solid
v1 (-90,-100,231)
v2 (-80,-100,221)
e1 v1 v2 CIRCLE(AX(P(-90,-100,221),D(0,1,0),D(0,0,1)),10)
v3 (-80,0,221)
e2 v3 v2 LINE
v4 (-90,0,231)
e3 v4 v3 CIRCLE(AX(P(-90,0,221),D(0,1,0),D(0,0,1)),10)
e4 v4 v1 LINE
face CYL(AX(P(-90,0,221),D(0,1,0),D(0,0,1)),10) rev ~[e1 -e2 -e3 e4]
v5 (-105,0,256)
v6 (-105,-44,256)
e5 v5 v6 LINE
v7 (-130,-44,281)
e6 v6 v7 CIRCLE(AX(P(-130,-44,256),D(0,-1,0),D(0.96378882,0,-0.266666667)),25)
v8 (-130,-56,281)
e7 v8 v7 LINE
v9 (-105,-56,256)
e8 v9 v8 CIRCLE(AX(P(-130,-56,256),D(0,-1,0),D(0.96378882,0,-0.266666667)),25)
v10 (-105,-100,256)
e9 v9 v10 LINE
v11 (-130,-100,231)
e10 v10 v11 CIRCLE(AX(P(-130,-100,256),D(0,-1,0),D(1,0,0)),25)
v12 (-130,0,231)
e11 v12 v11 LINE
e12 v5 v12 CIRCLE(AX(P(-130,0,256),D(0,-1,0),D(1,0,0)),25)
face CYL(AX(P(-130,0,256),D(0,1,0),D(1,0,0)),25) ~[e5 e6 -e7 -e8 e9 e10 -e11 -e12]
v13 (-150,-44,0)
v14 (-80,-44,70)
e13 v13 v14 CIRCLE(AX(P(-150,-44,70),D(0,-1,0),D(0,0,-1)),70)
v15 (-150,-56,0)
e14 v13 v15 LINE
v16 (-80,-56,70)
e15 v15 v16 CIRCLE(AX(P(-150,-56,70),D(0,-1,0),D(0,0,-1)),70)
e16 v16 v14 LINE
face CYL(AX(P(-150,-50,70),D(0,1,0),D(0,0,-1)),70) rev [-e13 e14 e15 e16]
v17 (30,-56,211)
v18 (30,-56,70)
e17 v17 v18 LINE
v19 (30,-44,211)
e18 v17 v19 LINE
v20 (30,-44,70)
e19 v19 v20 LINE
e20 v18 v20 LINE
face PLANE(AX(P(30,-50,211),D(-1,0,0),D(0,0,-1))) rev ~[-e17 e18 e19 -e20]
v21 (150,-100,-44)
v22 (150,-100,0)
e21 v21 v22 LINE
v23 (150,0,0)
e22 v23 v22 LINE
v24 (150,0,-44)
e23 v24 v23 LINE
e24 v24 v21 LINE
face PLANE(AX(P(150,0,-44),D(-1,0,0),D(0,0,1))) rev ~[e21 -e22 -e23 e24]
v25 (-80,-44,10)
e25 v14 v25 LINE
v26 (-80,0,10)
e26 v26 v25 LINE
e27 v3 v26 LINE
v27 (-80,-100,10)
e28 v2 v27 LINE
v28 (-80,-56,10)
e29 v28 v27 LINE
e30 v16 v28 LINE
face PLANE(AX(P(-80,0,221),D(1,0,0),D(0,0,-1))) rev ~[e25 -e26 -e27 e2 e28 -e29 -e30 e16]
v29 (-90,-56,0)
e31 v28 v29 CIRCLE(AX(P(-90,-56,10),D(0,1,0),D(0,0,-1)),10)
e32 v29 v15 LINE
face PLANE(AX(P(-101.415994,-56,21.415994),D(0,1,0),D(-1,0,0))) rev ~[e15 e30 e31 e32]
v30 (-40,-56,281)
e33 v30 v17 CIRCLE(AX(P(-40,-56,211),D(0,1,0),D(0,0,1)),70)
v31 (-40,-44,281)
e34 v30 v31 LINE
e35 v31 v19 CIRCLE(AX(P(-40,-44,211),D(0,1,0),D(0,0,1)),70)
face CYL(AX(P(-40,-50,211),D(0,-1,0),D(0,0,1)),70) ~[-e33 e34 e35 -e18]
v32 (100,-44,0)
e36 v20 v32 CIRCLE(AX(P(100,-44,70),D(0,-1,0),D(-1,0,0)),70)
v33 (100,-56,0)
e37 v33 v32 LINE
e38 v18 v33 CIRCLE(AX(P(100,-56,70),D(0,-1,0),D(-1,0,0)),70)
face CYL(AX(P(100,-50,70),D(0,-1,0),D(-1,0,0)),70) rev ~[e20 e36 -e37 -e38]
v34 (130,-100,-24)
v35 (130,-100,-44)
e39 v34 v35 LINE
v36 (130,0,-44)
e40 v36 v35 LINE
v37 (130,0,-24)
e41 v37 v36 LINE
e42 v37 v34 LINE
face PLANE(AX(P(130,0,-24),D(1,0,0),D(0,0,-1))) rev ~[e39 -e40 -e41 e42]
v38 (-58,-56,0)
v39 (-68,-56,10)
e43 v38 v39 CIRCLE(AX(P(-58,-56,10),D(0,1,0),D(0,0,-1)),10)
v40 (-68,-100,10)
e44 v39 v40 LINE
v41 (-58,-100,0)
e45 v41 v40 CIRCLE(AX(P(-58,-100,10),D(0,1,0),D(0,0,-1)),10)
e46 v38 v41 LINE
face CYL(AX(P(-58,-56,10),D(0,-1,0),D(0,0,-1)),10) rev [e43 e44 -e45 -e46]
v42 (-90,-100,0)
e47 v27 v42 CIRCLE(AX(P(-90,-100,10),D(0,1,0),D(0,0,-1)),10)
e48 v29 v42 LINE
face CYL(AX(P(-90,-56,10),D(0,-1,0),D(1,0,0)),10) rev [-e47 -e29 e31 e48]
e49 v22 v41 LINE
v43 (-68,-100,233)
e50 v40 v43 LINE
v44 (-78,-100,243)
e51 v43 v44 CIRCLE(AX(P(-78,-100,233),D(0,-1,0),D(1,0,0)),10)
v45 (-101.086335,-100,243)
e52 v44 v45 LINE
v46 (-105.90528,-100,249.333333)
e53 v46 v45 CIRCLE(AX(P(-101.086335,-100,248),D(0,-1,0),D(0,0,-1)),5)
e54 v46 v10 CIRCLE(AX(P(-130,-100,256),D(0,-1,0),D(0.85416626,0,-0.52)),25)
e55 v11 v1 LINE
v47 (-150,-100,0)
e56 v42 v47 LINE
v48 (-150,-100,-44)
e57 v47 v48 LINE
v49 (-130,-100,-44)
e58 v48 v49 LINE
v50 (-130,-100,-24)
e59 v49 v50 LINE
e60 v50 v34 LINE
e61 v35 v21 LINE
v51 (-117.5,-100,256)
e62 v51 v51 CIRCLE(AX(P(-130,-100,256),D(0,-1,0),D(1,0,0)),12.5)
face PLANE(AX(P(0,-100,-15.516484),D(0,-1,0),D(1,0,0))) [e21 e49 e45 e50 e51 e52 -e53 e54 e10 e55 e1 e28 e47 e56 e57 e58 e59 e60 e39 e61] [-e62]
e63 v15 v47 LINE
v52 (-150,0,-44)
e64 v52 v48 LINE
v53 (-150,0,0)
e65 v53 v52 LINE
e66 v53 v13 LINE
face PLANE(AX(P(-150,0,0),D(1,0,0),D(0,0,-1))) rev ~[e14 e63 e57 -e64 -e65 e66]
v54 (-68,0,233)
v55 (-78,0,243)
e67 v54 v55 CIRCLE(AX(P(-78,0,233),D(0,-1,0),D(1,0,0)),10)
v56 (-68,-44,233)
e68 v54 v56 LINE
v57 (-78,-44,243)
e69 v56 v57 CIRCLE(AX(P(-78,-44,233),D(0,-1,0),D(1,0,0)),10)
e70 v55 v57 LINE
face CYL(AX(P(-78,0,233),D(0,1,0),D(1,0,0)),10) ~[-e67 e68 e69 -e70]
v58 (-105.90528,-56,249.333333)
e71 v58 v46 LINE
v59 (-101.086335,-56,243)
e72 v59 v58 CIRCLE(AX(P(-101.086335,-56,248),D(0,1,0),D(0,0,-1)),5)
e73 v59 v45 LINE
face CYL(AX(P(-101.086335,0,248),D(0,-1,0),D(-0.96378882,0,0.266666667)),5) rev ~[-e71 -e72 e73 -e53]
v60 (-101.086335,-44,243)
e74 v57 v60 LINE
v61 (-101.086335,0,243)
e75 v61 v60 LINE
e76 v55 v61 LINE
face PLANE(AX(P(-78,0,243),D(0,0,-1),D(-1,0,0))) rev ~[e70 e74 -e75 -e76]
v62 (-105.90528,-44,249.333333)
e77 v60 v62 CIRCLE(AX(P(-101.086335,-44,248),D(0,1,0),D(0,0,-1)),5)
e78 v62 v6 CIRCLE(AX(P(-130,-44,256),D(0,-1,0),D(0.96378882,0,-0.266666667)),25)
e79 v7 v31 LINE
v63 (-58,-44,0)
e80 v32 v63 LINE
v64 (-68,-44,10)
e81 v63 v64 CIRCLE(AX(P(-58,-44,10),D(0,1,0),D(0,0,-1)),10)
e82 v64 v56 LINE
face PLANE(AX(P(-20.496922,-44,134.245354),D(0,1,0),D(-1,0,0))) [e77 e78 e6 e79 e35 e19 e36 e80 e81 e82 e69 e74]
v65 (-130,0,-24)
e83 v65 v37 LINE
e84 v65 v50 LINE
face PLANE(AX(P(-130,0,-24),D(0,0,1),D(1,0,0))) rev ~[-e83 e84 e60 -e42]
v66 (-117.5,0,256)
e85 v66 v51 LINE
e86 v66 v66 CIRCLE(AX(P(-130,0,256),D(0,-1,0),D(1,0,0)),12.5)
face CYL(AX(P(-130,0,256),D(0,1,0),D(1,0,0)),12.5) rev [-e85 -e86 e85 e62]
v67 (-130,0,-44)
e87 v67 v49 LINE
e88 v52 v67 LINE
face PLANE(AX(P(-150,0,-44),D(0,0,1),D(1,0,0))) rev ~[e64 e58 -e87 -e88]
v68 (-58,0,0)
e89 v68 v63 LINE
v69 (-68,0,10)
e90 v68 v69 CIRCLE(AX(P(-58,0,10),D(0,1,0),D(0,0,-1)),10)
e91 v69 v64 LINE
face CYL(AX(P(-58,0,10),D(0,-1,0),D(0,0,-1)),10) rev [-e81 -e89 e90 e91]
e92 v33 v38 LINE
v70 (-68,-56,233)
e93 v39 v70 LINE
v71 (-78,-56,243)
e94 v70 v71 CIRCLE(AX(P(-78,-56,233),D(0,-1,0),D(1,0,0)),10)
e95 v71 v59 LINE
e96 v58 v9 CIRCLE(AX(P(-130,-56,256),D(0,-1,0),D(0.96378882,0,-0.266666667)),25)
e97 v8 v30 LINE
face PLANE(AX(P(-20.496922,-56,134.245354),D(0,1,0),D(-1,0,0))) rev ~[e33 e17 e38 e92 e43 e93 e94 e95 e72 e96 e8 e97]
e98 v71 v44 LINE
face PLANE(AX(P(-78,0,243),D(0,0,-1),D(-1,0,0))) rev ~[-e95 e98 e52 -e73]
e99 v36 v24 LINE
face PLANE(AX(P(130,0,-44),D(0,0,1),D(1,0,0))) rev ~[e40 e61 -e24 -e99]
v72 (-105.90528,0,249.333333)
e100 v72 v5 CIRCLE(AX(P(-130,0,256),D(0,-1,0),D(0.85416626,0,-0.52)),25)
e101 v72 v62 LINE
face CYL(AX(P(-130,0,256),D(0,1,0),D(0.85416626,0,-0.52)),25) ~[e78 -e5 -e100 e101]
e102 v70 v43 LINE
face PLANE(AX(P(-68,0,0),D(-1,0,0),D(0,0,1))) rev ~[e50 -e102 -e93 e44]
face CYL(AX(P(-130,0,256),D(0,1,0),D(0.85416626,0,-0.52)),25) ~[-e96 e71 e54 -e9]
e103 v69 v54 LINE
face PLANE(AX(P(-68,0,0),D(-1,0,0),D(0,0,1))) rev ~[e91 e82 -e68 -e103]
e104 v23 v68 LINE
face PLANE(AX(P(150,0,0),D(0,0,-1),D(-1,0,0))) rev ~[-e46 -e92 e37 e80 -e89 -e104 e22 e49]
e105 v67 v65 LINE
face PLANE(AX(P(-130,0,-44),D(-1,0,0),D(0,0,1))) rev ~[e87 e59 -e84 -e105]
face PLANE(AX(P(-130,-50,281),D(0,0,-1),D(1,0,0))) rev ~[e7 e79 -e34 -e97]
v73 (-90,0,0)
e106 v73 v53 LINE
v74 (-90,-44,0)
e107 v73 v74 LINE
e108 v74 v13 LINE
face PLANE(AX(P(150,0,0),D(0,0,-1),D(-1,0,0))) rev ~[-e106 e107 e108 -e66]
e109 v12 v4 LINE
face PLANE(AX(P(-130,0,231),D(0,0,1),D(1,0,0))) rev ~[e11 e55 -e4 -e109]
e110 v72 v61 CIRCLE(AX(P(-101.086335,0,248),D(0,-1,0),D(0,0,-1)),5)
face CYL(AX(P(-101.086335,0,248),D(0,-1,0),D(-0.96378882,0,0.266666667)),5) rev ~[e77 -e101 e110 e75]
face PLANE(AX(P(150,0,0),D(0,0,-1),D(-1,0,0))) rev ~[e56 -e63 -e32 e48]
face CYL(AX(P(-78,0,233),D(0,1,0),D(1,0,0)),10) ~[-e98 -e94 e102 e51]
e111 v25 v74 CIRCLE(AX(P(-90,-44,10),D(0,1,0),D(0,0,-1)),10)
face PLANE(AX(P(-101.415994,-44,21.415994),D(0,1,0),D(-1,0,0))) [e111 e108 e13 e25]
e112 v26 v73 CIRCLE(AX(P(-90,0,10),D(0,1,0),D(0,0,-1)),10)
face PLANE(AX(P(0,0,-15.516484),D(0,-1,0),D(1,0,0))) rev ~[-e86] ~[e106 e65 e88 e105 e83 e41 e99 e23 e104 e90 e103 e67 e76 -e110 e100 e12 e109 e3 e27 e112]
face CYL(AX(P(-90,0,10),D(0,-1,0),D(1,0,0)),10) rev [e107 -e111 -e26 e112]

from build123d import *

# Parameters (mm, degrees)
F1_DEPTH = 100
F2_R     = 12.5
F3_DEPTH = 100
F4_R     = 5
F7_DEPTH = 6
F8_R     = 10


with BuildPart() as f1:
    # F0 (on Front) → F1 (new body)
    with BuildSketch(Plane.XZ):
        Polygon((-150, 0), (-150, -44), (-130, -44), (-130, -24), (130, -24), (130, -44), (150, -44), (150, 0), align=None)
    extrude(amount=F1_DEPTH)

    # F2 (on Front) → F3 (join)
    with BuildSketch(Plane.XZ):
        with BuildLine():
            Line((-80, 221), (-80, 0))
            Line((-80, 0), (-68, 0))
            Line((-68, 0), (-68, 233))
            ThreePointArc((-68, 233), (-70.9289321881, 240.0710678119), (-78, 243))
            Line((-78, 243), (-108.6458434959, 243))
            ThreePointArc((-108.6458434959, 243), (-117.7525512861, 234.2055052823), (-130, 231))
            Line((-130, 231), (-90, 231))
            ThreePointArc((-90, 231), (-82.9289321881, 228.0710678119), (-80, 221))
        make_face()
        with BuildLine():
            ThreePointArc((-105, 256), (-147.6776695297, 273.6776695297), (-130, 231))
            ThreePointArc((-130, 231), (-117.7525512861, 234.2055052823), (-108.6458434959, 243))
            ThreePointArc((-108.6458434959, 243), (-105.9287109547, 249.2492190304), (-105, 256))
        make_face()
        with Locations((-130, 256)):
            Circle(F2_R, mode=Mode.SUBTRACT)
    extrude(amount=F3_DEPTH)

    # F4
    f4_edges = [f1.edges().sort_by_distance(p)[0] for p in [
        (-108.645843, -50, 243),
    ]]
    fillet(f4_edges, radius=F4_R)

    # F6 (on offset) → F7 (join, symmetric)
    with BuildSketch(Plane(origin=(0, -50, 0), x_dir=(-1, 0, 0), z_dir=(0, 1, 0))):
        with BuildLine():
            ThreePointArc((105.9052795087, 249.3333333333), (110.1044393561, 271.1382517705), (130, 281))
            Line((130, 281), (40, 281))
            ThreePointArc((40, 281), (-9.4974746831, 260.4974746831), (-30, 211))
            Line((-30, 211), (-30, 70))
            ThreePointArc((-30, 70), (-50.5025253169, 20.5025253169), (-100, 0))
            Line((-100, 0), (68, 0))
            Line((68, 0), (68, 233))
            ThreePointArc((68, 233), (70.9289321881, 240.0710678119), (78, 243))
            Line((78, 243), (101.0863354104, 243))
            ThreePointArc((101.0863354104, 243), (105.0654475392, 244.9723496459), (105.9052795087, 249.3333333333))
        make_face()
        with BuildLine():
            ThreePointArc((150, 0), (100.5025253169, 20.5025253169), (80, 70))
            Line((80, 70), (80, 0))
            Line((80, 0), (150, 0))
        make_face()
    extrude(amount=F7_DEPTH, both=True)

    # F8
    f8_edges = [f1.edges().sort_by_distance(p)[0] for p in [
        (-80, -78, 0),
        (-80, -22, 0),
        (-68, -22, 0),
        (-68, -78, 0),
    ]]
    fillet(f8_edges, radius=F8_R)


solid = f1.part
